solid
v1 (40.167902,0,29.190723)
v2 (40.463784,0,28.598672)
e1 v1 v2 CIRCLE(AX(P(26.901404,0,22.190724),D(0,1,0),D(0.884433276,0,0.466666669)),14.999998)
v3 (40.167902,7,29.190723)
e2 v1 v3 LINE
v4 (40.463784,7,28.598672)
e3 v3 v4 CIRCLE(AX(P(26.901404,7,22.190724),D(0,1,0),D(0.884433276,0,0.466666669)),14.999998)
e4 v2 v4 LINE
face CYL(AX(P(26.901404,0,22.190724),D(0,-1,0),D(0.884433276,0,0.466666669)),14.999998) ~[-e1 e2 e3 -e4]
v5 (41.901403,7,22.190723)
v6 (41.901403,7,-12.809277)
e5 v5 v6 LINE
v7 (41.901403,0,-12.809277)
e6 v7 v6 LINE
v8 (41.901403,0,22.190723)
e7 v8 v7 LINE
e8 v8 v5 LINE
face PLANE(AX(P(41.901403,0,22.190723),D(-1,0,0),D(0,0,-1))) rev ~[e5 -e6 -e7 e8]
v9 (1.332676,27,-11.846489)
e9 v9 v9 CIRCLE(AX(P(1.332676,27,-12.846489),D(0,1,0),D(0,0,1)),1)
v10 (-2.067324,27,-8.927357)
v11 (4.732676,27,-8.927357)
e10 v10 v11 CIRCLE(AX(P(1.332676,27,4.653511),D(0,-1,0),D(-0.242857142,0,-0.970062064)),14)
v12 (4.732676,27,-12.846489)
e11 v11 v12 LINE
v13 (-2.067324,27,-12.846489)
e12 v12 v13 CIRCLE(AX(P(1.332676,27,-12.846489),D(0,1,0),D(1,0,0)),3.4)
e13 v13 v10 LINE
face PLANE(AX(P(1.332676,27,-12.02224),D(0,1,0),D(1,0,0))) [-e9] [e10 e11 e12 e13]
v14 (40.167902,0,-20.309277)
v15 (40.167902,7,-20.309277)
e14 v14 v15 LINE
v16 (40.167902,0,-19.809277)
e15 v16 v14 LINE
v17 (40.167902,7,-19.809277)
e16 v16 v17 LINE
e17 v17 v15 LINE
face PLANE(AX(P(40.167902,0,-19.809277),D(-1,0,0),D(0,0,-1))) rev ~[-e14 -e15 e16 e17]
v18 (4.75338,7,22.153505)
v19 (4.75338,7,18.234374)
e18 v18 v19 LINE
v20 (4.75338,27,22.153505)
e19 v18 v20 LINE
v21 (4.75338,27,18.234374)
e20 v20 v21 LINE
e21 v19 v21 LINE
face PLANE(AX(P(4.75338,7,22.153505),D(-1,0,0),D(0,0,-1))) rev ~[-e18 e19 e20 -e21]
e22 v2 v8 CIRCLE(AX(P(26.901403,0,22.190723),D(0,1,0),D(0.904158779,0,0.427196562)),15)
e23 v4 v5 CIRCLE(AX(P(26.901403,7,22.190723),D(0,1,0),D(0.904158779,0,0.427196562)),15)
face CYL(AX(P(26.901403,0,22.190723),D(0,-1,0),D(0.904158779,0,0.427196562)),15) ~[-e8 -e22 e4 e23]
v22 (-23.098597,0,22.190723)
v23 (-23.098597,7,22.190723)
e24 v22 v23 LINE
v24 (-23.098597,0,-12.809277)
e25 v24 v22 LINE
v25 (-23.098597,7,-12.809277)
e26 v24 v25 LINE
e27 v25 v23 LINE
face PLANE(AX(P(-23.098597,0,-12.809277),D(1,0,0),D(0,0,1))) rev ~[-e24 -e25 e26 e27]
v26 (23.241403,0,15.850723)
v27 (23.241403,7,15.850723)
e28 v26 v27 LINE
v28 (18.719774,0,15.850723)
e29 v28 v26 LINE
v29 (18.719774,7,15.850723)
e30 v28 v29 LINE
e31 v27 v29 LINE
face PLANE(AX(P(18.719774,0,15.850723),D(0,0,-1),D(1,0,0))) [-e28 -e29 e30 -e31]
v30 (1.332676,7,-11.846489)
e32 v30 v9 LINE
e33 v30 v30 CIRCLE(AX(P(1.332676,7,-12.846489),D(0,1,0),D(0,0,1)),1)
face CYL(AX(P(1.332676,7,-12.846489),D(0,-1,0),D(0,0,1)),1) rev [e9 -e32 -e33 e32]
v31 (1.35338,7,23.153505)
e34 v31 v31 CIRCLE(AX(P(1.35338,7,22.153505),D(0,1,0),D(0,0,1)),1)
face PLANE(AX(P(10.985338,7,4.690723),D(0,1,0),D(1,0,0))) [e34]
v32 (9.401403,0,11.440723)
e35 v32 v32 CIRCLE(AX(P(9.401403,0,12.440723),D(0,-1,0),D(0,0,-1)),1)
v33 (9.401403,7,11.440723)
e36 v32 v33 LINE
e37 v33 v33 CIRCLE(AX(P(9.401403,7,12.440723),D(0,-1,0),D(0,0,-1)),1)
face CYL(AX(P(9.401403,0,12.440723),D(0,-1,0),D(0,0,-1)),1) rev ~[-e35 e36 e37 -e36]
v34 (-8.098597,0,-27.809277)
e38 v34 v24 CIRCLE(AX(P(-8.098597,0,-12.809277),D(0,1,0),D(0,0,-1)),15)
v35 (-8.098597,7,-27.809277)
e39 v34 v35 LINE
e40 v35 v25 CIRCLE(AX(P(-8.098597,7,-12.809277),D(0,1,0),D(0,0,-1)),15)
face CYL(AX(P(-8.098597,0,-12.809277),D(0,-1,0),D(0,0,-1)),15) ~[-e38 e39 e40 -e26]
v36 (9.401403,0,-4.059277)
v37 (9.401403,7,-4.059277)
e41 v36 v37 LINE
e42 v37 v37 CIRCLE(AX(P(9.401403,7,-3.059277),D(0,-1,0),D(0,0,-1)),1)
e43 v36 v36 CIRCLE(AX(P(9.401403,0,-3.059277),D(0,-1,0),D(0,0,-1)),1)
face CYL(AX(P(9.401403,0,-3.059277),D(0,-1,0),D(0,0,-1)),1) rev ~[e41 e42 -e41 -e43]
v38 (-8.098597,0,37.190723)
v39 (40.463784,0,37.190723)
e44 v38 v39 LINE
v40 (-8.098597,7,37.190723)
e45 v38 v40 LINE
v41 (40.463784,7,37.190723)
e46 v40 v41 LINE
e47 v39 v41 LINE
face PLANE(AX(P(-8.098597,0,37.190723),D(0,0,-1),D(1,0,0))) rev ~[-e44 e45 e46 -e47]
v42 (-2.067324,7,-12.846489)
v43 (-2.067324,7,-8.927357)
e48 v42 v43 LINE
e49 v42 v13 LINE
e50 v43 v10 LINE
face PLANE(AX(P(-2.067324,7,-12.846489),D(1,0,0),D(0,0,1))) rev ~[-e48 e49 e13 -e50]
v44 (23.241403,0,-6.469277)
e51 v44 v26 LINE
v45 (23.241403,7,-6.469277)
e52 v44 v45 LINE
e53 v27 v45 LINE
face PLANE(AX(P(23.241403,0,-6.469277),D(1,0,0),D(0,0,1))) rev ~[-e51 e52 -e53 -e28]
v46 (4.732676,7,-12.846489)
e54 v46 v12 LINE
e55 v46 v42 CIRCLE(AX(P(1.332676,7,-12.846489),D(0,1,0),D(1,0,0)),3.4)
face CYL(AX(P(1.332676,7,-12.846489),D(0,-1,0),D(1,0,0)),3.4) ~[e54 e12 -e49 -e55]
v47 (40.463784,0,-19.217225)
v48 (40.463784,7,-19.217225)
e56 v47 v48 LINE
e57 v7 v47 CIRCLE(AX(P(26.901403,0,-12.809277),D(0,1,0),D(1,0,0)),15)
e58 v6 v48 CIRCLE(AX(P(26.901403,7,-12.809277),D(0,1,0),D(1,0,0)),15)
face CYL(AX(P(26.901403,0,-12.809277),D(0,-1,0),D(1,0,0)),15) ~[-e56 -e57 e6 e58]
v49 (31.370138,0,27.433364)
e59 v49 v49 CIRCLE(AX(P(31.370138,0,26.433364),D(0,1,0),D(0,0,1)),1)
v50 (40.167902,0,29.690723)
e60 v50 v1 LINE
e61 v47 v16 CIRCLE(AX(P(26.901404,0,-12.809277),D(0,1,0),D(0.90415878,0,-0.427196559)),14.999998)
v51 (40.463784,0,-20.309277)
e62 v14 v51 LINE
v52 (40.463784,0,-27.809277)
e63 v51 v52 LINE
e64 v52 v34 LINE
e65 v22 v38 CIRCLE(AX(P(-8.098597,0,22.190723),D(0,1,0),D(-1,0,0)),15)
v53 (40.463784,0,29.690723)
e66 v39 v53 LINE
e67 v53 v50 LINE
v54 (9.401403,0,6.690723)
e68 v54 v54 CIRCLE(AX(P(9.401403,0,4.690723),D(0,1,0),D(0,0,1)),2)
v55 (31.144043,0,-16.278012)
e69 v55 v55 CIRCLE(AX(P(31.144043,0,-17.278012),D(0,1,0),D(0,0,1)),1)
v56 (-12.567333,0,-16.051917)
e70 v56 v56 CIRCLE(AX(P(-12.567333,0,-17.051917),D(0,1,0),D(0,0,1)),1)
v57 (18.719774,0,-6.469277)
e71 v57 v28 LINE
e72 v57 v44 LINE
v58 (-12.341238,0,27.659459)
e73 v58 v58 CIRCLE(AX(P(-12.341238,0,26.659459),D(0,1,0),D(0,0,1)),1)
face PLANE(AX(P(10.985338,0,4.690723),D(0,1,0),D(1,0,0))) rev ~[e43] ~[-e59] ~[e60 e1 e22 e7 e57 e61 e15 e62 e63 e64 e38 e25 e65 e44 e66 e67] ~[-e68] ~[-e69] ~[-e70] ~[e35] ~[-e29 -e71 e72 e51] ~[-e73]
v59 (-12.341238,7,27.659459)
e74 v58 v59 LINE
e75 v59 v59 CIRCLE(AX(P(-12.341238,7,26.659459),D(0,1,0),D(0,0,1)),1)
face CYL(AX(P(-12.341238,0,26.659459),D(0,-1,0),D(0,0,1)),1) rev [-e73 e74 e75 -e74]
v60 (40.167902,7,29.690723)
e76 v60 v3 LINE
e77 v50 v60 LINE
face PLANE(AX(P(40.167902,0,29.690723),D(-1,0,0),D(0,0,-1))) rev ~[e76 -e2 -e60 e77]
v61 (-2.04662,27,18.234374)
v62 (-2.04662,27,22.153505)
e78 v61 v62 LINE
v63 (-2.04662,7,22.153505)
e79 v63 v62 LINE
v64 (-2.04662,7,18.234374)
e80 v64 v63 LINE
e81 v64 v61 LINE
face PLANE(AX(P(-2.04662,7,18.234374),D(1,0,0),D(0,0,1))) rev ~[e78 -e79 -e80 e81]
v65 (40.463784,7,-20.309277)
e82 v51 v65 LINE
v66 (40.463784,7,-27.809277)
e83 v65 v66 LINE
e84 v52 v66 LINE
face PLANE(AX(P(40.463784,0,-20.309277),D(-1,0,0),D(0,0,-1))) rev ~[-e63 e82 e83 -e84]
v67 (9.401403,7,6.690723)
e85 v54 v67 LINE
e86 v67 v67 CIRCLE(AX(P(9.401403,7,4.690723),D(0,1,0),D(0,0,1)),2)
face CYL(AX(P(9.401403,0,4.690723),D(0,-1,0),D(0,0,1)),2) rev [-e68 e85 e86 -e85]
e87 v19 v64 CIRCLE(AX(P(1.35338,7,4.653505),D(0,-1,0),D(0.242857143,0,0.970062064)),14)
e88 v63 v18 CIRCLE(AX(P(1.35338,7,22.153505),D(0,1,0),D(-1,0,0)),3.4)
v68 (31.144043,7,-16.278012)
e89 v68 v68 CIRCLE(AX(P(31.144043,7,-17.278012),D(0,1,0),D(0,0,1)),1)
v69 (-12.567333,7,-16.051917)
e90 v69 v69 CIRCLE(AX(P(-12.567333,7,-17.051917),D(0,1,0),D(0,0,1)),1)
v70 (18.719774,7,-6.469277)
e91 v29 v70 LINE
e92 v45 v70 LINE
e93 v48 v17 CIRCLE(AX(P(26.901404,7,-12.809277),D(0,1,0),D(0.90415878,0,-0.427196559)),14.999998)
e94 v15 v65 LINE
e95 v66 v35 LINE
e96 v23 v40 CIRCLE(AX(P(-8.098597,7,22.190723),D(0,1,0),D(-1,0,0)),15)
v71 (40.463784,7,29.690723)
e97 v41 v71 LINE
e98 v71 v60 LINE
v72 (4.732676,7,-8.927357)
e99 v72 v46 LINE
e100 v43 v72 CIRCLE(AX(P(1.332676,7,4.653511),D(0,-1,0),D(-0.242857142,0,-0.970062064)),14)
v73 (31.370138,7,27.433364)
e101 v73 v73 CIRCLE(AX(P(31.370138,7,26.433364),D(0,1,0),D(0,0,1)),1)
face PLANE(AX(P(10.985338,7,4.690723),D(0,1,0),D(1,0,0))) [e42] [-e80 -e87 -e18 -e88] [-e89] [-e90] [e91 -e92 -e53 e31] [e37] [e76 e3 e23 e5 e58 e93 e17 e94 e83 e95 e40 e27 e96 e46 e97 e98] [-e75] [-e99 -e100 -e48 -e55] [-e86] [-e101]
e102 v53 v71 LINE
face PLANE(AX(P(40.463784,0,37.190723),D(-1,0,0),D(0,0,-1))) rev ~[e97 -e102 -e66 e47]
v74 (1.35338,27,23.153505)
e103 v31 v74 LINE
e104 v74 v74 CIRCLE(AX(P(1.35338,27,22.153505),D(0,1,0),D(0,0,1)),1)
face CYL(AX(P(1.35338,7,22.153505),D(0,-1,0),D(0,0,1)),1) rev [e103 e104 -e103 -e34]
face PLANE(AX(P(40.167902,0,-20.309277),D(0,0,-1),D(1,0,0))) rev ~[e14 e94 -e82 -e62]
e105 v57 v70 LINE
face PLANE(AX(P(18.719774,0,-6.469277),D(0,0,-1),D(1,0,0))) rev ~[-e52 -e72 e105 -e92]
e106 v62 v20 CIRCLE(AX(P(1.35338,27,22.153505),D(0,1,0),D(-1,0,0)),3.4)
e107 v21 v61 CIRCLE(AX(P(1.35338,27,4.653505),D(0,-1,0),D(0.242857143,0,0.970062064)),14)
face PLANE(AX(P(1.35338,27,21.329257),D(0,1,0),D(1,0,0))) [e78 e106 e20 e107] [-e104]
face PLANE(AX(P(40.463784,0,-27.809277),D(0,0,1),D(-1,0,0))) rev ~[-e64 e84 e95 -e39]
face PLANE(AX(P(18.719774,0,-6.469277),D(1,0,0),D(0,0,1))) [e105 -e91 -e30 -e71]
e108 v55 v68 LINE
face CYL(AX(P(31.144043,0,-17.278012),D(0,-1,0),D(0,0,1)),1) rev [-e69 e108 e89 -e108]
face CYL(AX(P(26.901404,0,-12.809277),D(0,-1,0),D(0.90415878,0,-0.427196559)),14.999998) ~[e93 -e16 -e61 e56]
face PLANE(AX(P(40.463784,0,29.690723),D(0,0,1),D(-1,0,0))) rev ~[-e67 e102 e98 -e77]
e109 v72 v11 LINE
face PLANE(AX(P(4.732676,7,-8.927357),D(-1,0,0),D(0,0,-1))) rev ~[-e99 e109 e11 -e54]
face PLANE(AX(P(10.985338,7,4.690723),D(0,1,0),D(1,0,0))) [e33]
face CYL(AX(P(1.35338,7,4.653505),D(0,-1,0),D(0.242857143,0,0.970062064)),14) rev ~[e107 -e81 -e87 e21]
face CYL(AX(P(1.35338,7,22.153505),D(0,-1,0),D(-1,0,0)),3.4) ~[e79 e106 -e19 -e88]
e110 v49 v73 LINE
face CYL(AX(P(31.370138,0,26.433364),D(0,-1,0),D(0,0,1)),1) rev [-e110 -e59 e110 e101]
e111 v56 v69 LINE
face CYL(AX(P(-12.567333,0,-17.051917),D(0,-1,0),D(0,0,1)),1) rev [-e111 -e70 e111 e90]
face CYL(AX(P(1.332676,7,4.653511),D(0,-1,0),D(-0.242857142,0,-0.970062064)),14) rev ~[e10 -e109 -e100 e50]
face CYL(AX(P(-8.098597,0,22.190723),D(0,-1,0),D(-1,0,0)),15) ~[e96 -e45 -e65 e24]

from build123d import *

# Parameters (mm, degrees)
SKETCH1_R           = 25.5
SKETCH1_R_2         = 1
SKETCH1_R_3         = 2
BOSS_EXTRUDE4_DEPTH = 7
SKETCH3_R           = 1
BOSS_EXTRUDE6_DEPTH = 20
SKETCH4_R           = 1
SKETCH4_W           = 4.52162884
SKETCH4_H           = 22.32
CUT_EXTRUDE2_DEPTH  = 10


with BuildPart() as part:
    # Sketch1 → Boss-Extrude4 (new body)
    with BuildSketch(Plane(origin=(0, 0, 0), x_dir=(1, 0, 0), z_dir=(0, 1, 0))):
        with BuildLine():
            Line((-23.098597486, 12.80927662), (-23.098597486, -22.19072338))
            ThreePointArc((-23.098597486, -22.19072338), (-18.705199204, -32.797325098), (-8.098597486, -37.19072338))
            Line((-8.098597486, -37.19072338), (40.463784198, -37.19072338))
            Line((40.463784198, -37.19072338), (40.463784198, -29.69072338))
            Line((40.463784198, -29.69072338), (40.167901675, -29.69072338))
            Line((40.167901675, -29.69072338), (40.167901675, -29.19072338))
            ThreePointArc((40.167901675, -29.19072338), (40.319108843, -28.896329756), (40.463784198, -28.598671807))
            ThreePointArc((40.463784198, -28.598671807), (41.53758585, -25.474339887), (41.901402514, -22.19072338))
            Line((41.901402514, -22.19072338), (41.901402514, 12.80927662))
            ThreePointArc((41.901402514, 12.80927662), (41.53758585, 16.092893127), (40.463784198, 19.217225047))
            ThreePointArc((40.463784198, 19.217225047), (40.319108843, 19.514882996), (40.167901675, 19.80927662))
            Line((40.167901675, 19.80927662), (40.167901675, 20.30927662))
            Line((40.167901675, 20.30927662), (40.463784198, 20.30927662))
            Line((40.463784198, 20.30927662), (40.463784198, 27.80927662))
            Line((40.463784198, 27.80927662), (-8.098597486, 27.80927662))
            ThreePointArc((-8.098597486, 27.80927662), (-18.705199204, 23.415878338), (-23.098597486, 12.80927662))
        make_face()
        with Locations((9.401402514, -4.69072338)):
            Circle(SKETCH1_R, mode=Mode.SUBTRACT)
        with Locations(Location((31.144043201, 17.278011972, 0), (0, 0, 270))):
            Circle(SKETCH1_R_2, mode=Mode.SUBTRACT)
        with Locations(Location((-12.567332839, 17.051917307, 0), (0, 0, 270))):
            Circle(SKETCH1_R_2, mode=Mode.SUBTRACT)
        with Locations(Location((-12.341238173, -26.659458733, 0), (0, 0, 270))):
            Circle(SKETCH1_R_2, mode=Mode.SUBTRACT)
        with Locations(Location((31.370137866, -26.433364067, 0), (0, 0, 270))):
            Circle(SKETCH1_R_2, mode=Mode.SUBTRACT)
        with Locations((9.401402514, -4.69072338)):
            Circle(SKETCH1_R)
        with Locations(Location((9.401402514, -4.69072338, 0), (0, 0, 270))):
            Circle(SKETCH1_R_3, mode=Mode.SUBTRACT)
    extrude(amount=BOSS_EXTRUDE4_DEPTH)

    # Sketch3 → Boss-Extrude6 (add)
    with BuildSketch(Plane(origin=(0, 7, 0), x_dir=(1, 0, 0), z_dir=(0, 1, 0))):
        with BuildLine():
            Line((-2.046619841, -18.234374208), (-2.046619841, -22.153505311))
            ThreePointArc((-2.046619841, -22.153505311), (1.353380159, -25.553505311), (4.753380159, -22.153505311))
            Line((4.753380159, -22.153505311), (4.753380159, -18.234374208))
            ThreePointArc((4.753380159, -18.234374208), (1.353380159, -18.653505311), (-2.046619841, -18.234374208))
        make_face()
        with Locations(Location((1.353380159, -22.153505311, 0), (0, 0, 270))):
            Circle(SKETCH3_R, mode=Mode.SUBTRACT)
        with BuildLine():
            Line((4.732675534, 8.927357463), (4.732675534, 12.846488565))
            ThreePointArc((4.732675534, 12.846488565), (1.332675534, 16.246488565), (-2.067324466, 12.846488565))
            Line((-2.067324466, 12.846488565), (-2.067324466, 8.927357463))
            ThreePointArc((-2.067324466, 8.927357463), (1.332675534, 9.346488565), (4.732675534, 8.927357463))
        make_face()
        with Locations(Location((1.332675534, 12.846488565, 0), (0, 0, 270))):
            Circle(SKETCH3_R, mode=Mode.SUBTRACT)
    extrude(amount=BOSS_EXTRUDE6_DEPTH)

    # Sketch4 → Cut-Extrude2 (cut)
    with BuildSketch(Plane.XZ):
        with Locations(Location((9.401402514, -3.05927662, 0), (0, 0, 270))):
            Circle(SKETCH4_R)
        with Locations(Location((9.401402514, 12.44072338, 0), (0, 0, 270))):
            Circle(SKETCH4_R)
        with Locations((20.980588094, 4.69072338)):
            Rectangle(SKETCH4_W, SKETCH4_H)
    extrude(amount=-CUT_EXTRUDE2_DEPTH, mode=Mode.SUBTRACT)


solid = part.part
